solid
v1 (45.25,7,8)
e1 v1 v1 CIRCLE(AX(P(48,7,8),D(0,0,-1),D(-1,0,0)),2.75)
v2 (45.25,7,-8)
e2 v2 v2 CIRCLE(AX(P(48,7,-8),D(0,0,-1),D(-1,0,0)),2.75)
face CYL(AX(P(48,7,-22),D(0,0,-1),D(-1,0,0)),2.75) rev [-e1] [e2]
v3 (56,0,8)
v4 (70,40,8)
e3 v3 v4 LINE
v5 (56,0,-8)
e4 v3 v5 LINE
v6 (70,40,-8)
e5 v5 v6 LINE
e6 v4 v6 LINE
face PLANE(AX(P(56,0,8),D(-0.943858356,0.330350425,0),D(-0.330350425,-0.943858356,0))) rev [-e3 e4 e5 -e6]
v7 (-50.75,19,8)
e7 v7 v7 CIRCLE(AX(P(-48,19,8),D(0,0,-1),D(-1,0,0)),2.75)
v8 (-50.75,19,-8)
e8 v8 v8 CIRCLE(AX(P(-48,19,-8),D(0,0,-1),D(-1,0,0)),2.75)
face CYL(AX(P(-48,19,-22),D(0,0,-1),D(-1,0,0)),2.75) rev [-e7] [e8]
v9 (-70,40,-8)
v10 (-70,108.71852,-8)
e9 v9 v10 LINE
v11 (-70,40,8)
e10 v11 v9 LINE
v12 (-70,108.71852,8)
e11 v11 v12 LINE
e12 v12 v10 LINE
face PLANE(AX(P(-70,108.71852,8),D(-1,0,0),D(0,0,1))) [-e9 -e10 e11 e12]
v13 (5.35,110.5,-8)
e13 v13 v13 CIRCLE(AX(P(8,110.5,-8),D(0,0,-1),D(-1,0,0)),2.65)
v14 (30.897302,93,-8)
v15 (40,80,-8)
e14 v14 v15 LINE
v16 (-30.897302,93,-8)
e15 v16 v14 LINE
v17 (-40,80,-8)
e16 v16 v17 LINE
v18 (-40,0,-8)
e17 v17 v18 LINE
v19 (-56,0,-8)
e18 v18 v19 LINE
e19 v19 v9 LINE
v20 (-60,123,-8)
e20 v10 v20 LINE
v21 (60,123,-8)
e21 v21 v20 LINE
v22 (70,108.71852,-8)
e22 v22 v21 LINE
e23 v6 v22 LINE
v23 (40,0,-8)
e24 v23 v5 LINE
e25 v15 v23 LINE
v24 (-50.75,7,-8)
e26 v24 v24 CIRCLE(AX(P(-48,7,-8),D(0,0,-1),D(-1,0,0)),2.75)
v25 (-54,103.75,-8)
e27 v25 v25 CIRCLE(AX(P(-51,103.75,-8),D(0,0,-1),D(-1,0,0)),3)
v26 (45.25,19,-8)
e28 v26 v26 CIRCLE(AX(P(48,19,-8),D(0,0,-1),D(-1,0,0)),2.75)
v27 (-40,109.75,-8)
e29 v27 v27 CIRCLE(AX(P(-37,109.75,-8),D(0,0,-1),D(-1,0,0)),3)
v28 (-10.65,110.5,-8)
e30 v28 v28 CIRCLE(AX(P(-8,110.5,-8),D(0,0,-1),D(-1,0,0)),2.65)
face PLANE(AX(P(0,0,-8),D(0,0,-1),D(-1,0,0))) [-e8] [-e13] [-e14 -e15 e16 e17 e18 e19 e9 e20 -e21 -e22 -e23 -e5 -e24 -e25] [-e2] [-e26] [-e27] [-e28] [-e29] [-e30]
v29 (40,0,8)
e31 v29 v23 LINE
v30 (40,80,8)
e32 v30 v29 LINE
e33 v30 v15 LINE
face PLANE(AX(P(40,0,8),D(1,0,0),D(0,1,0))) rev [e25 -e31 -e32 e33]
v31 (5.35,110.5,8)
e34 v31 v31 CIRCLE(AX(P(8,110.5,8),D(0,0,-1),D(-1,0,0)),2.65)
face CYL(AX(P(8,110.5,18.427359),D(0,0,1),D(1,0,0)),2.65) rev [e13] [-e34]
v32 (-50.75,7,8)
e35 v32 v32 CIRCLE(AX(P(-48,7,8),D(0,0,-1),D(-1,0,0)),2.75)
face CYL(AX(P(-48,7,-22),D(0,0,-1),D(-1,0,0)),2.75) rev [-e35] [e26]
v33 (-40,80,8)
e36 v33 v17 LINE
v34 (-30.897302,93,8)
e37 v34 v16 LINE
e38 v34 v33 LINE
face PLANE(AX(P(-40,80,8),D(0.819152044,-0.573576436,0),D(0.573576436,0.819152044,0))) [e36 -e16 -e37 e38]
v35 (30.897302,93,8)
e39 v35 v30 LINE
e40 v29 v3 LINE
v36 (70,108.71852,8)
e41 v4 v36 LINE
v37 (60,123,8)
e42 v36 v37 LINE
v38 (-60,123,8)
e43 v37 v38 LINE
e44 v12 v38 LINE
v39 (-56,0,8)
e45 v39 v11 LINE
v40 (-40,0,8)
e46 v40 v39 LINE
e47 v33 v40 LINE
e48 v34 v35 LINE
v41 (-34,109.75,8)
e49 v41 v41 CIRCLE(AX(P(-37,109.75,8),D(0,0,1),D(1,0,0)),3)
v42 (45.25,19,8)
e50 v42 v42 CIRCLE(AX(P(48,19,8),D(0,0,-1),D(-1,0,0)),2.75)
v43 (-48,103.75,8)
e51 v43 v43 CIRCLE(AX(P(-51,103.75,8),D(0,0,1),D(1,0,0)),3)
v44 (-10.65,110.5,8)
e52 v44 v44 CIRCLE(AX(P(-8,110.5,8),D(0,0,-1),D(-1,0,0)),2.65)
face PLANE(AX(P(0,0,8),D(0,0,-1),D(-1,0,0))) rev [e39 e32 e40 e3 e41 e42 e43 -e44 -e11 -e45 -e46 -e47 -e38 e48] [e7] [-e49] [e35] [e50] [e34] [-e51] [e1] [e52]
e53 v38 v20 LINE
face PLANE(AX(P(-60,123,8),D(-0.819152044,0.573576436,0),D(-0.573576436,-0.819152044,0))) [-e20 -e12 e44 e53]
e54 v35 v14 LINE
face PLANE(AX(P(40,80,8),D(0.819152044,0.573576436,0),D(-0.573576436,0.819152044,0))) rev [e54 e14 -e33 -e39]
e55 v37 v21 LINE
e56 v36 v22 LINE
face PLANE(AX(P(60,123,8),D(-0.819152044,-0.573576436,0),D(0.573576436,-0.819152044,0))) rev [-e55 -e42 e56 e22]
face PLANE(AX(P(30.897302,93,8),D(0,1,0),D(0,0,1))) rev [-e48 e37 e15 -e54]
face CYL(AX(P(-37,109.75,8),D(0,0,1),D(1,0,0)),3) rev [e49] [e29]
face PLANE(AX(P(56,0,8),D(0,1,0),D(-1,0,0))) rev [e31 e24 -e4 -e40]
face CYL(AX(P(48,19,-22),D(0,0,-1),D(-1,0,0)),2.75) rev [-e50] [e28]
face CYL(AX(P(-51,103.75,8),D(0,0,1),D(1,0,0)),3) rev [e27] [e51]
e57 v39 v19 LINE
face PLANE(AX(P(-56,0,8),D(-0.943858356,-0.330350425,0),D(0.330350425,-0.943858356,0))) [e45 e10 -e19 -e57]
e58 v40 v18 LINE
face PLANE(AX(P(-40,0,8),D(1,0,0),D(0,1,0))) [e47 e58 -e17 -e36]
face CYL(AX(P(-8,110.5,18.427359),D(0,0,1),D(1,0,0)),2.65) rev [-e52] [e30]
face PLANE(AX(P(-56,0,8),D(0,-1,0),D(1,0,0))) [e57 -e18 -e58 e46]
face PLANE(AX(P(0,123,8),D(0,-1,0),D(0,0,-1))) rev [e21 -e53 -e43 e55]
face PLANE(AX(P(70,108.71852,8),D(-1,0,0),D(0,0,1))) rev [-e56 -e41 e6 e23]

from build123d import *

# Parameters (mm, degrees)
DODANIE_WYCI_GNI_CIE1_DEPTH                       = 8
POG_BIENIE_WALCOWE_POD_M5_RUB_Z_BEM_W_D           = 5.3
POG_BIENIE_WALCOWE_POD_M5_RUB_Z_BEM_W_DEPTH       = 60
POG_BIENIE_WALCOWE_POD_M5_RUB_Z_BEM_W_CBORE_D     = 10
POG_BIENIE_WALCOWE_POD_M5_RUB_Z_BEM_W_CBORE_DEPTH = 2
POG_BIENIE_WALCOWE_POD_M5_RUB_Z_BEM_W_TIP         = 1.59228064
POG_BIENIE_WALCOWE_POD_M5_RUB_Z_B_2_A_COUNT       = 2
POG_BIENIE_WALCOWE_POD_M5_RUB_Z_B_2_A_PITCH       = 12
OTWORY_USTALAJ_CE_6_0MM1_D                        = 6
OTWORY_USTALAJ_CE_6_0MM1_DEPTH                    = 32
OTWORY_USTALAJ_CE_6_0MM1_TIP                      = 1.802581857


with BuildPart() as part:
    # Szkic1 → Dodanie-wyciągnięcie1 (new, symmetric)
    with BuildSketch(Plane.XY):
        Polygon((0, 93), (0, 123), (60, 123), (70, 108.718519933), (70, 40), (56, 0), (40, 0), (40, 80), (30.897302003, 93), align=None)
    dodanie_wyci_gni_cie1 = extrude(amount=DODANIE_WYCI_GNI_CIE1_DEPTH, both=True)

    # Lustro1: Dodanie-wyciągnięcie1 across plane
    add(dodanie_wyci_gni_cie1.mirror(Plane(origin=(0, 93, 8), x_dir=(0, 0, 1), z_dir=(1, 0, 0))))

    # Pog_bienie walcowe pod M5 _rub_ z _bem w
    with Locations(Plane(origin=(156.349537134, 156, 18.427358502), x_dir=(1, 0, 0), z_dir=(0, 0, 1))):
        with Locations((-164.349537134, -45.5), (-148.349537134, -45.5)):
            CounterBoreHole(POG_BIENIE_WALCOWE_POD_M5_RUB_Z_BEM_W_D / 2, POG_BIENIE_WALCOWE_POD_M5_RUB_Z_BEM_W_CBORE_D / 2, POG_BIENIE_WALCOWE_POD_M5_RUB_Z_BEM_W_CBORE_DEPTH, depth=POG_BIENIE_WALCOWE_POD_M5_RUB_Z_BEM_W_DEPTH)
            with Locations((0, 0, -(POG_BIENIE_WALCOWE_POD_M5_RUB_Z_BEM_W_DEPTH + POG_BIENIE_WALCOWE_POD_M5_RUB_Z_BEM_W_TIP / 2))):  # 118° drill point
                Cone(0, POG_BIENIE_WALCOWE_POD_M5_RUB_Z_BEM_W_D / 2, POG_BIENIE_WALCOWE_POD_M5_RUB_Z_BEM_W_TIP, mode=Mode.SUBTRACT)

    # Szkic9 → Pog_bienie walcowe pod M5 _rub_ z _b 2 (revolve, cut)
    with BuildSketch(Plane(origin=(-48, 7, -22), x_dir=(0, 1, 0), z_dir=(1, 0, 0))):
        Polygon((0, 0), (0, 45.652366702), (2.75, 44), (2.75, 5), (5, 5), (5, 0), align=None)
    pog_bienie_walcowe_pod_m5_rub_z_b_2 = revolve(axis=Axis((-48, 7, -28.35), (0, 0, 1)), mode=Mode.SUBTRACT)

    # Pog_bienie walcowe pod M5 _rub_ z _b 2 a: Pog_bienie walcowe pod M5 _rub_ z _b 2 ×2
    with Locations(*[(0, i * POG_BIENIE_WALCOWE_POD_M5_RUB_Z_B_2_A_PITCH, 0) for i in range(1, POG_BIENIE_WALCOWE_POD_M5_RUB_Z_B_2_A_COUNT)]):
        add(pog_bienie_walcowe_pod_m5_rub_z_b_2, mode=Mode.SUBTRACT)

    # Lustro2: Pog_bienie walcowe pod M5 _rub_ z _b 2 across plane
    add(pog_bienie_walcowe_pod_m5_rub_z_b_2.mirror(Plane(origin=(0, 0, 0), x_dir=(0, 0, 1), z_dir=(1, 0, 0))), mode=Mode.SUBTRACT)

    # Lustro2 copy 1 sketch → Lustro2 copy 1 (revolve, cut)
    with BuildSketch(Plane(origin=(48, 19, -22), x_dir=(0, 1, 0), z_dir=(-1, 0, 0))):
        Polygon((0, 0), (0, -45.652366702), (2.75, -44), (2.75, -5), (5, -5), (5, 0), align=None)
    revolve(axis=Axis((48, 19, -28.35), (0, 0, -1)), mode=Mode.SUBTRACT)

    # Otwory ustalające Ø6.0mm1
    with Locations(Plane(origin=(156.349537134, 156, 8), x_dir=(1, 0, 0), z_dir=(0, 0, 1))):
        with Locations((-193.349537133, -46.25), (-207.349537133, -52.25)):
            Hole(OTWORY_USTALAJ_CE_6_0MM1_D / 2, depth=OTWORY_USTALAJ_CE_6_0MM1_DEPTH)
            with Locations((0, 0, -(OTWORY_USTALAJ_CE_6_0MM1_DEPTH + OTWORY_USTALAJ_CE_6_0MM1_TIP / 2))):  # 118° drill point
                Cone(0, OTWORY_USTALAJ_CE_6_0MM1_D / 2, OTWORY_USTALAJ_CE_6_0MM1_TIP, mode=Mode.SUBTRACT)


solid = part.part
